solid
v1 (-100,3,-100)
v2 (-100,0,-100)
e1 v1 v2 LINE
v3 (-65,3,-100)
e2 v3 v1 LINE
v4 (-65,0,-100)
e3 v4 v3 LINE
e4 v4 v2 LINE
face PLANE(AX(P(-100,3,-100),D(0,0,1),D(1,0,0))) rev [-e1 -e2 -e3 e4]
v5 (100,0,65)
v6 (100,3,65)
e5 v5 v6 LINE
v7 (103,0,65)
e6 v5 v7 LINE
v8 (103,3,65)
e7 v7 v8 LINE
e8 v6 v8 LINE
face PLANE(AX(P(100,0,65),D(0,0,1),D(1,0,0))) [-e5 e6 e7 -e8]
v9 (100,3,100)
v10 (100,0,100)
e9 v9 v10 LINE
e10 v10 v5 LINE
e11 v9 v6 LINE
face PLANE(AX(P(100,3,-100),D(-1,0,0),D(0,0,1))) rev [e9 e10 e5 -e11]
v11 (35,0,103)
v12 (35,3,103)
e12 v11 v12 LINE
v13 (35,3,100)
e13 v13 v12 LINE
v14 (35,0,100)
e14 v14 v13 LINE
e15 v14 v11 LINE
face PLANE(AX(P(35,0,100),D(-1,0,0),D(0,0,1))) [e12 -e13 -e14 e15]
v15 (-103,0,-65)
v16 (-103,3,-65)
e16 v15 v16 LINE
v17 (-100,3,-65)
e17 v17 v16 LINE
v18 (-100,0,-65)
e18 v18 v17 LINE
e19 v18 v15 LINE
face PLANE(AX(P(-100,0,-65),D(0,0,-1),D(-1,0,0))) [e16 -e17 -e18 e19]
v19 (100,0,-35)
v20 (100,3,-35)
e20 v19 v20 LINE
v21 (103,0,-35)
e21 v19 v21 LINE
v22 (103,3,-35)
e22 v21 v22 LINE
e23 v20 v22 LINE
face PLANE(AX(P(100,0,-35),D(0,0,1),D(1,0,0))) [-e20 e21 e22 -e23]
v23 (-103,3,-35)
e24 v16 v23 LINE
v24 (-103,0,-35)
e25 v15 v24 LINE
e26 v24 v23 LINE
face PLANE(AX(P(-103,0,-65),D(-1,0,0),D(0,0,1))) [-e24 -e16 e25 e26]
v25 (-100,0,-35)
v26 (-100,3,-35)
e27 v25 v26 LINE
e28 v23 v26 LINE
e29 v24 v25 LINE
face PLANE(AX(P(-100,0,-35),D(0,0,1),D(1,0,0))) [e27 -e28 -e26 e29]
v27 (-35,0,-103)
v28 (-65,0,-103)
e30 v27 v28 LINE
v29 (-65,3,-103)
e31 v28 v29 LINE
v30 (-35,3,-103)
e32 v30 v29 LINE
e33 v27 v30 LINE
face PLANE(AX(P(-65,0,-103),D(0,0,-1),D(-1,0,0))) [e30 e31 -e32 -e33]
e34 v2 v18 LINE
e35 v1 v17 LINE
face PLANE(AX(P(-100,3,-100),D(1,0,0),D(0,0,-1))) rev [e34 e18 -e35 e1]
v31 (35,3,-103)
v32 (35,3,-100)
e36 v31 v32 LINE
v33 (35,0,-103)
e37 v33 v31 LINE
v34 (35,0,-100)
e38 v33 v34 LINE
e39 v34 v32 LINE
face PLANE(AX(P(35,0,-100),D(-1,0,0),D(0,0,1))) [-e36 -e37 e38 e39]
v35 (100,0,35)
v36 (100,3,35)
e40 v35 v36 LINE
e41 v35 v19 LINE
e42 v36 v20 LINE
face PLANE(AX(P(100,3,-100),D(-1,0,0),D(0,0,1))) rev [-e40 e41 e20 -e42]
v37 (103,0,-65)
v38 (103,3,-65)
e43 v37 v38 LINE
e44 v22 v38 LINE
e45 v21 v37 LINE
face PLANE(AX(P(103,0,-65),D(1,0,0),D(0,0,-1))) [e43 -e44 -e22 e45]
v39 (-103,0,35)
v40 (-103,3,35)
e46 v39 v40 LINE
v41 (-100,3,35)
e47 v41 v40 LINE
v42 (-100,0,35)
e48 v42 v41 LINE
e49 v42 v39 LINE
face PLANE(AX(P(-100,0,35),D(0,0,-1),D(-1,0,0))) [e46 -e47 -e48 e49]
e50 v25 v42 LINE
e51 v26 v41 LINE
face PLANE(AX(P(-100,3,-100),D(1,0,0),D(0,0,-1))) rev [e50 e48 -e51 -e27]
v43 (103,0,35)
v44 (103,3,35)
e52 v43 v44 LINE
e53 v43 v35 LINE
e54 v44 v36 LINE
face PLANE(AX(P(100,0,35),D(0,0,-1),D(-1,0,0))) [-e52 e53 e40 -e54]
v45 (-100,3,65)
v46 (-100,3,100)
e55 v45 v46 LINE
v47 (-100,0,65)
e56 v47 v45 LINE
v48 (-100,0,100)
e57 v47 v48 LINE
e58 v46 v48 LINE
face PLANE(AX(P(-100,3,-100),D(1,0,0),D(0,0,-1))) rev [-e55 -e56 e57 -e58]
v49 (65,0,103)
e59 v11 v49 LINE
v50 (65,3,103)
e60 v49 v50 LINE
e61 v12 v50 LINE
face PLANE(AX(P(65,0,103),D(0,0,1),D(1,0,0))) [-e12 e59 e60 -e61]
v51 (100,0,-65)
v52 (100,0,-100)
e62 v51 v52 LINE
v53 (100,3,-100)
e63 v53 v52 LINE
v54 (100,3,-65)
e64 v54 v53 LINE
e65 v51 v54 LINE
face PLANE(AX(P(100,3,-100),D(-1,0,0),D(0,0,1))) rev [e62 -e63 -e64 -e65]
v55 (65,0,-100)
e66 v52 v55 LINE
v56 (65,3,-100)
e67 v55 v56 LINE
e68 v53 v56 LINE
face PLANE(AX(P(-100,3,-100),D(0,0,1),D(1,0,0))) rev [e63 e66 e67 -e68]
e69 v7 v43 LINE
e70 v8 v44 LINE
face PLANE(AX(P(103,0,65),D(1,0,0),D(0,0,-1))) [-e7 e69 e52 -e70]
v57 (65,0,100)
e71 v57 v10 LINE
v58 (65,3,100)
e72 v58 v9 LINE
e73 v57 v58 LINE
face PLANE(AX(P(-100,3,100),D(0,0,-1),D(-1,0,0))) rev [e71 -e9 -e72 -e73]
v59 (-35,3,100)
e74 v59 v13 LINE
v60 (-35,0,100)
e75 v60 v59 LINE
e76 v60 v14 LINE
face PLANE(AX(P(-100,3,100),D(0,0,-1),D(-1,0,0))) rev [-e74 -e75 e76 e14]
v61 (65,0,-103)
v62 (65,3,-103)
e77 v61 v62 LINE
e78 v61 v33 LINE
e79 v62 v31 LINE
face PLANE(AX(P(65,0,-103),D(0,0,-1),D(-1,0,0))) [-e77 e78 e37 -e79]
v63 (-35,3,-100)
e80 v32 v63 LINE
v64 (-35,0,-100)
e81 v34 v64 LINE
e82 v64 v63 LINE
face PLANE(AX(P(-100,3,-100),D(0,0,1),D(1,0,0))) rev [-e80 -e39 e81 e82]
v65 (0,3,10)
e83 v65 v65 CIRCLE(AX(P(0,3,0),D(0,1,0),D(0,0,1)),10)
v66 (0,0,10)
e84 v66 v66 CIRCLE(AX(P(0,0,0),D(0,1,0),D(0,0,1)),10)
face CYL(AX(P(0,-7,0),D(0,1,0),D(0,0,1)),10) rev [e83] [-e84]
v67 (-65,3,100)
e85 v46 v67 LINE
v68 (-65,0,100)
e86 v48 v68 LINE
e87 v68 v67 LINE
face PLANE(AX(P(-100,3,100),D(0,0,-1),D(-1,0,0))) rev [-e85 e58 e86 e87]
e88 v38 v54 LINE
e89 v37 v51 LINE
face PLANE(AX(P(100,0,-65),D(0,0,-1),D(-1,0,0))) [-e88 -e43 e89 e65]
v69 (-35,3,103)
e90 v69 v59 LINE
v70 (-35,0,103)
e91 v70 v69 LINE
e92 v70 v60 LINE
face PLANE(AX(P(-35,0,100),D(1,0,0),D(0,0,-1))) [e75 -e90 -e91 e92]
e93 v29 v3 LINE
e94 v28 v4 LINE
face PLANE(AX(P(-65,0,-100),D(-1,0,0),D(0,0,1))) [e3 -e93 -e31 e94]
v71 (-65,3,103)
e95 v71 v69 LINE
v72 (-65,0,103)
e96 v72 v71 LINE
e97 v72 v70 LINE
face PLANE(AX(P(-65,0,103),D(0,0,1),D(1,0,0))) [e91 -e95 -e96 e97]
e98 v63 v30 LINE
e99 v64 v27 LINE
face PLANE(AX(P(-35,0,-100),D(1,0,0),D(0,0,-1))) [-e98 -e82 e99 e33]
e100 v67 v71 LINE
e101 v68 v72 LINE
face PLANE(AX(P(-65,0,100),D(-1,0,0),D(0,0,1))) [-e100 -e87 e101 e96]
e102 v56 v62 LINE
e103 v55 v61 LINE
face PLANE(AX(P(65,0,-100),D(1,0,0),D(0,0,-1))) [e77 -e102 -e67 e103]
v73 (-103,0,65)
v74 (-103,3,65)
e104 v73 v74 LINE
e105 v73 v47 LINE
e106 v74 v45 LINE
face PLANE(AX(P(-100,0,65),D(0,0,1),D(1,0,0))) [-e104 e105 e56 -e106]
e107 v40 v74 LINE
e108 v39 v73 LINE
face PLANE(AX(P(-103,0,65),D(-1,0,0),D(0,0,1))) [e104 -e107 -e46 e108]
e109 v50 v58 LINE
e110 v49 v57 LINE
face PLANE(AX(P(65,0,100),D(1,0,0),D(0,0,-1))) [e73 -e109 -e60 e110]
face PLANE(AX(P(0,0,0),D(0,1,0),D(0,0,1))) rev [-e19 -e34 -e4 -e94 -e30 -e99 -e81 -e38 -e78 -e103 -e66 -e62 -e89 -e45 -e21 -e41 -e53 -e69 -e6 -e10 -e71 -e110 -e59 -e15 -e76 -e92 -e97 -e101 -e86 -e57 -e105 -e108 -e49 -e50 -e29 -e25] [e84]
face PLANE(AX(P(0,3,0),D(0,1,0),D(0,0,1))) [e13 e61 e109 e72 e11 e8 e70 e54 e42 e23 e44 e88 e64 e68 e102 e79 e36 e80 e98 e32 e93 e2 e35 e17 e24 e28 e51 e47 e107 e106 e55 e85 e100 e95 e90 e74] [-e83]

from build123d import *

# Parameters (mm, degrees)
SKETCH1_W           = 200
SKETCH1_H           = 200
BOSS_EXTRUDE1_DEPTH = 3
SKETCH2_R           = 10
CUT_EXTRUDE1_DEPTH  = 10
SKETCH3_W           = 3
SKETCH3_H           = 30
SKETCH3_W_2         = 30
SKETCH3_H_2         = 3
BOSS_EXTRUDE2_DEPTH = 3


with BuildPart() as part:
    # Sketch1 → Boss-Extrude1 (new body)
    with BuildSketch(Plane(origin=(0, 0, 0), x_dir=(1, 0, 0), z_dir=(0, 1, 0))):
        Rectangle(SKETCH1_W, SKETCH1_H)
    extrude(amount=BOSS_EXTRUDE1_DEPTH)

    # Sketch2 → Cut-Extrude1 (cut)
    with BuildSketch(Plane(origin=(0, 3, 0), x_dir=(1, 0, 0), z_dir=(0, 1, 0))):
        with Locations(Location((0, 0, 0), (0, 0, 270))):
            Circle(SKETCH2_R)
    extrude(amount=-CUT_EXTRUDE1_DEPTH, mode=Mode.SUBTRACT)

    # Sketch3 → Boss-Extrude2 (add)
    with BuildSketch(Plane(origin=(0, 3, 0), x_dir=(1, 0, 0), z_dir=(0, 1, 0))):
        with Locations((101.5, 50)):
            Rectangle(SKETCH3_W, SKETCH3_H)
        with Locations((101.5, -50)):
            Rectangle(SKETCH3_W, SKETCH3_H)
        with Locations((50, -101.5)):
            Rectangle(SKETCH3_W_2, SKETCH3_H_2)
        with Locations((-50, -101.5)):
            Rectangle(SKETCH3_W_2, SKETCH3_H_2)
        with Locations((-101.5, -50)):
            Rectangle(SKETCH3_W, SKETCH3_H)
        with Locations((-101.5, 50)):
            Rectangle(SKETCH3_W, SKETCH3_H)
        with Locations((-50, 101.5)):
            Rectangle(SKETCH3_W_2, SKETCH3_H_2)
        with Locations((50, 101.5)):
            Rectangle(SKETCH3_W_2, SKETCH3_H_2)
    extrude(amount=-BOSS_EXTRUDE2_DEPTH)


solid = part.part
